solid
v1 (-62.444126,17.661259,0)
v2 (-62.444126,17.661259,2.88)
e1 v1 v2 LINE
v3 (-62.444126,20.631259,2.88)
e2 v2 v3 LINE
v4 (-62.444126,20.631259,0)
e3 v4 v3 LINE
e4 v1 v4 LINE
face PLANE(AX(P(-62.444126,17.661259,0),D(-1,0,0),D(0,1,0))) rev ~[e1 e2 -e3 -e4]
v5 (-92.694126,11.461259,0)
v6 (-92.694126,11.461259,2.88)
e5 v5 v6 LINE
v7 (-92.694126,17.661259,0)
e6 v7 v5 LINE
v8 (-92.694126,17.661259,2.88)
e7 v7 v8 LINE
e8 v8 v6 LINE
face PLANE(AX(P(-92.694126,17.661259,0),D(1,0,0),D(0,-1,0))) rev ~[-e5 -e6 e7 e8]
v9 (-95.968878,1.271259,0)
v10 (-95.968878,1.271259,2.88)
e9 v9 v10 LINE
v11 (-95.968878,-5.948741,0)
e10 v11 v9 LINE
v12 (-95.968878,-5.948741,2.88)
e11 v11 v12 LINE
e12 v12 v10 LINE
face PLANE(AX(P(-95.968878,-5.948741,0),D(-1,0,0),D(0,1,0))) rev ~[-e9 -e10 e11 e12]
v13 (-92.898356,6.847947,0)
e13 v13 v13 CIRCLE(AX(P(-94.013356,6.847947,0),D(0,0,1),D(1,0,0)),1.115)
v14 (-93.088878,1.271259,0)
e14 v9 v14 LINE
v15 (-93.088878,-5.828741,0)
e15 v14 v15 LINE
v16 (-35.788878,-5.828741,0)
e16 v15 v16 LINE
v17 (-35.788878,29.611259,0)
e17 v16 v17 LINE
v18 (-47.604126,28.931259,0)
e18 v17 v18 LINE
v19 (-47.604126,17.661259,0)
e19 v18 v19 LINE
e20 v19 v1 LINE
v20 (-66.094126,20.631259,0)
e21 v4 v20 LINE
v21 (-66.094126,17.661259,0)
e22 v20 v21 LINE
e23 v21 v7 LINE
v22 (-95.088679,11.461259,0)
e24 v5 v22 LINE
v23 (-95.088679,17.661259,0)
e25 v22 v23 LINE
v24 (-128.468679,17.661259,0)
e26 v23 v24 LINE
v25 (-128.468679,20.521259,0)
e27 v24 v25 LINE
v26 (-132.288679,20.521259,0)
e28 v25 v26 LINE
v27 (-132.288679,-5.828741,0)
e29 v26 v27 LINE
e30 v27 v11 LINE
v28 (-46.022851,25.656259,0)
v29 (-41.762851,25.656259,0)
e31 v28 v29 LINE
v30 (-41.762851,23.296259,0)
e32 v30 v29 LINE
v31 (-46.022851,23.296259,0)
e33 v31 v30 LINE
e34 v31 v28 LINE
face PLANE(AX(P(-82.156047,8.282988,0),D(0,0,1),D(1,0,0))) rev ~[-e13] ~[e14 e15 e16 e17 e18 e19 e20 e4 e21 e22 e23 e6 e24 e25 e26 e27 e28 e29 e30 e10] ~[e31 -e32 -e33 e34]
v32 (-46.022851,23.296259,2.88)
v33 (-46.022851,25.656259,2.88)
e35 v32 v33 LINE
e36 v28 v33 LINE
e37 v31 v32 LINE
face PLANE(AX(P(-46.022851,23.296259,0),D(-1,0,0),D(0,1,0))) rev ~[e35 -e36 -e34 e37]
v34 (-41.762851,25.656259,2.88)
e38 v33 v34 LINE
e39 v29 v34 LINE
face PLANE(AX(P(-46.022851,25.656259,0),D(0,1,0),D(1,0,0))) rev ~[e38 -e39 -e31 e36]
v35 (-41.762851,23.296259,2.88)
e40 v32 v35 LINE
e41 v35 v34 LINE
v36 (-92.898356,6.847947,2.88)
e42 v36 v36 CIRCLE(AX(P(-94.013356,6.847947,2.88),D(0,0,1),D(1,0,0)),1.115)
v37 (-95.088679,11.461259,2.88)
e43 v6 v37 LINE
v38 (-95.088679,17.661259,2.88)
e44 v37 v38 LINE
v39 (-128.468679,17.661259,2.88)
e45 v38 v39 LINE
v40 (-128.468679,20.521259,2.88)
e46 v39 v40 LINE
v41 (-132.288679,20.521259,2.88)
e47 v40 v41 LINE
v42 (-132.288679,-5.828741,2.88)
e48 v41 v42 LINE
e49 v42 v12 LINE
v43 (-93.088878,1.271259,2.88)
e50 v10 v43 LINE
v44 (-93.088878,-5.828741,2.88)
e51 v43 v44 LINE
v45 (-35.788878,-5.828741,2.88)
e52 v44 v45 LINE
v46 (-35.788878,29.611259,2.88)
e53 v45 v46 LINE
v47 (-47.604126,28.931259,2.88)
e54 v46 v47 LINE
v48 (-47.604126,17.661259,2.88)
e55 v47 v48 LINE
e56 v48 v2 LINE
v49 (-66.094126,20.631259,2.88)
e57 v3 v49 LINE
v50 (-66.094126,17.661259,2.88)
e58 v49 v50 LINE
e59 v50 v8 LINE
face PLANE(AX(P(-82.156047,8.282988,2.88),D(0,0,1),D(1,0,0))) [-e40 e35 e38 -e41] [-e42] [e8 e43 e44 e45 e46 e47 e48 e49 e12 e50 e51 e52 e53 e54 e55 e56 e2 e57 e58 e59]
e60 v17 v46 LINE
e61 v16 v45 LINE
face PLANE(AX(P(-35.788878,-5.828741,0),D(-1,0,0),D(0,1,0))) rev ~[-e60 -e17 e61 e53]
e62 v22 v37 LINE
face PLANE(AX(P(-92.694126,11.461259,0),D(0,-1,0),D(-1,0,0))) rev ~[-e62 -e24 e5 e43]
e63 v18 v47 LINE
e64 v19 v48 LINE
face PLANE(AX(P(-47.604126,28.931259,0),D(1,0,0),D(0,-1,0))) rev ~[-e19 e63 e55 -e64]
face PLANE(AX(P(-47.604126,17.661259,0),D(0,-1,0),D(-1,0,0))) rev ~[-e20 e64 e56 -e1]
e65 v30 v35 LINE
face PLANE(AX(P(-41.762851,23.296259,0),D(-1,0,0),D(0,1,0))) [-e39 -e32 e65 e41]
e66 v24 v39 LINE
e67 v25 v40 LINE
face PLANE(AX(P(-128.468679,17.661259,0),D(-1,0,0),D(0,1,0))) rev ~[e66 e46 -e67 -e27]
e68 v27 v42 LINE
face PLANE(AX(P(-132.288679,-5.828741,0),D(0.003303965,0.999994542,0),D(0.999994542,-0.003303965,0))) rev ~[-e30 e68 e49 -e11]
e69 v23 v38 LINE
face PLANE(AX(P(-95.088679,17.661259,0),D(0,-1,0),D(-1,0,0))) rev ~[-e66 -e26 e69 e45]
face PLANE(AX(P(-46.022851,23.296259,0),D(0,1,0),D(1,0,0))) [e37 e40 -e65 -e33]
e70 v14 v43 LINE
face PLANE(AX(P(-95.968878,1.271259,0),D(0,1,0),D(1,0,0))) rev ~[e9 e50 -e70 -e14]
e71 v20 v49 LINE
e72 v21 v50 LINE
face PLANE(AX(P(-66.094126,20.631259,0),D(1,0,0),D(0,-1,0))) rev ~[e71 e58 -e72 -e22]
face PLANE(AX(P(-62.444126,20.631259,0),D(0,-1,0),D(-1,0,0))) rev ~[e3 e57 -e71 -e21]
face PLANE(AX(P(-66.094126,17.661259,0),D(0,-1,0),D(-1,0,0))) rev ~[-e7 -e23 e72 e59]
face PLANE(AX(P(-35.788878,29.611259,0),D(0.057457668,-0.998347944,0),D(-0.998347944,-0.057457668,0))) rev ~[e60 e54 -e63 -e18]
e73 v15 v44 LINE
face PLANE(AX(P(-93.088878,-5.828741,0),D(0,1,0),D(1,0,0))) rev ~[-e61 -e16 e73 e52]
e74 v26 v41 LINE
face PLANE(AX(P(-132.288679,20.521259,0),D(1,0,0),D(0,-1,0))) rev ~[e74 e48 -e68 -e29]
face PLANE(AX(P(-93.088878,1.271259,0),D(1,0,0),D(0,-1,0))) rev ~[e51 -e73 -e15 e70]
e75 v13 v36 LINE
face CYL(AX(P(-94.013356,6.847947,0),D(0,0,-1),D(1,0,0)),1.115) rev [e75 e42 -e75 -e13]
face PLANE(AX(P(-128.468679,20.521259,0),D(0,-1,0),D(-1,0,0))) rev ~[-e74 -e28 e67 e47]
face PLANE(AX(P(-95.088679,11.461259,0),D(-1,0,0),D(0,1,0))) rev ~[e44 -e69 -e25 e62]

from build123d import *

# Parameters (mm, degrees)
F0_R     = 1.115
F0_W     = 4.26
F0_H     = 2.36
F1_DEPTH = 2.88


with BuildPart() as f1:
    # F0 (on Top) → F1 (new body)
    with BuildSketch(Plane.XY):
        Polygon((-35.788878, -5.828741), (-35.788878, 29.611259), (-47.604126, 28.931259), (-47.604126, 17.661259), (-62.444126, 17.661259), (-62.444126, 20.631259), (-66.094126, 20.631259), (-66.094126, 17.661259), (-92.694126, 17.661259), (-92.694126, 11.461259), (-95.088679, 11.461259), (-95.088679, 17.661259), (-128.468679, 17.661259), (-128.468679, 20.521259), (-132.288679, 20.521259), (-132.288679, -5.828741), (-95.968878, -5.948741), (-95.968878, 1.271259), (-93.088878, 1.271259), (-93.088878, -5.828741), align=None)
        with Locations((-94.013356, 6.847947)):
            Circle(F0_R, mode=Mode.SUBTRACT)
        with Locations((-43.892851, 24.476259)):
            Rectangle(F0_W, F0_H, mode=Mode.SUBTRACT)
    extrude(amount=F1_DEPTH)


solid = f1.part
